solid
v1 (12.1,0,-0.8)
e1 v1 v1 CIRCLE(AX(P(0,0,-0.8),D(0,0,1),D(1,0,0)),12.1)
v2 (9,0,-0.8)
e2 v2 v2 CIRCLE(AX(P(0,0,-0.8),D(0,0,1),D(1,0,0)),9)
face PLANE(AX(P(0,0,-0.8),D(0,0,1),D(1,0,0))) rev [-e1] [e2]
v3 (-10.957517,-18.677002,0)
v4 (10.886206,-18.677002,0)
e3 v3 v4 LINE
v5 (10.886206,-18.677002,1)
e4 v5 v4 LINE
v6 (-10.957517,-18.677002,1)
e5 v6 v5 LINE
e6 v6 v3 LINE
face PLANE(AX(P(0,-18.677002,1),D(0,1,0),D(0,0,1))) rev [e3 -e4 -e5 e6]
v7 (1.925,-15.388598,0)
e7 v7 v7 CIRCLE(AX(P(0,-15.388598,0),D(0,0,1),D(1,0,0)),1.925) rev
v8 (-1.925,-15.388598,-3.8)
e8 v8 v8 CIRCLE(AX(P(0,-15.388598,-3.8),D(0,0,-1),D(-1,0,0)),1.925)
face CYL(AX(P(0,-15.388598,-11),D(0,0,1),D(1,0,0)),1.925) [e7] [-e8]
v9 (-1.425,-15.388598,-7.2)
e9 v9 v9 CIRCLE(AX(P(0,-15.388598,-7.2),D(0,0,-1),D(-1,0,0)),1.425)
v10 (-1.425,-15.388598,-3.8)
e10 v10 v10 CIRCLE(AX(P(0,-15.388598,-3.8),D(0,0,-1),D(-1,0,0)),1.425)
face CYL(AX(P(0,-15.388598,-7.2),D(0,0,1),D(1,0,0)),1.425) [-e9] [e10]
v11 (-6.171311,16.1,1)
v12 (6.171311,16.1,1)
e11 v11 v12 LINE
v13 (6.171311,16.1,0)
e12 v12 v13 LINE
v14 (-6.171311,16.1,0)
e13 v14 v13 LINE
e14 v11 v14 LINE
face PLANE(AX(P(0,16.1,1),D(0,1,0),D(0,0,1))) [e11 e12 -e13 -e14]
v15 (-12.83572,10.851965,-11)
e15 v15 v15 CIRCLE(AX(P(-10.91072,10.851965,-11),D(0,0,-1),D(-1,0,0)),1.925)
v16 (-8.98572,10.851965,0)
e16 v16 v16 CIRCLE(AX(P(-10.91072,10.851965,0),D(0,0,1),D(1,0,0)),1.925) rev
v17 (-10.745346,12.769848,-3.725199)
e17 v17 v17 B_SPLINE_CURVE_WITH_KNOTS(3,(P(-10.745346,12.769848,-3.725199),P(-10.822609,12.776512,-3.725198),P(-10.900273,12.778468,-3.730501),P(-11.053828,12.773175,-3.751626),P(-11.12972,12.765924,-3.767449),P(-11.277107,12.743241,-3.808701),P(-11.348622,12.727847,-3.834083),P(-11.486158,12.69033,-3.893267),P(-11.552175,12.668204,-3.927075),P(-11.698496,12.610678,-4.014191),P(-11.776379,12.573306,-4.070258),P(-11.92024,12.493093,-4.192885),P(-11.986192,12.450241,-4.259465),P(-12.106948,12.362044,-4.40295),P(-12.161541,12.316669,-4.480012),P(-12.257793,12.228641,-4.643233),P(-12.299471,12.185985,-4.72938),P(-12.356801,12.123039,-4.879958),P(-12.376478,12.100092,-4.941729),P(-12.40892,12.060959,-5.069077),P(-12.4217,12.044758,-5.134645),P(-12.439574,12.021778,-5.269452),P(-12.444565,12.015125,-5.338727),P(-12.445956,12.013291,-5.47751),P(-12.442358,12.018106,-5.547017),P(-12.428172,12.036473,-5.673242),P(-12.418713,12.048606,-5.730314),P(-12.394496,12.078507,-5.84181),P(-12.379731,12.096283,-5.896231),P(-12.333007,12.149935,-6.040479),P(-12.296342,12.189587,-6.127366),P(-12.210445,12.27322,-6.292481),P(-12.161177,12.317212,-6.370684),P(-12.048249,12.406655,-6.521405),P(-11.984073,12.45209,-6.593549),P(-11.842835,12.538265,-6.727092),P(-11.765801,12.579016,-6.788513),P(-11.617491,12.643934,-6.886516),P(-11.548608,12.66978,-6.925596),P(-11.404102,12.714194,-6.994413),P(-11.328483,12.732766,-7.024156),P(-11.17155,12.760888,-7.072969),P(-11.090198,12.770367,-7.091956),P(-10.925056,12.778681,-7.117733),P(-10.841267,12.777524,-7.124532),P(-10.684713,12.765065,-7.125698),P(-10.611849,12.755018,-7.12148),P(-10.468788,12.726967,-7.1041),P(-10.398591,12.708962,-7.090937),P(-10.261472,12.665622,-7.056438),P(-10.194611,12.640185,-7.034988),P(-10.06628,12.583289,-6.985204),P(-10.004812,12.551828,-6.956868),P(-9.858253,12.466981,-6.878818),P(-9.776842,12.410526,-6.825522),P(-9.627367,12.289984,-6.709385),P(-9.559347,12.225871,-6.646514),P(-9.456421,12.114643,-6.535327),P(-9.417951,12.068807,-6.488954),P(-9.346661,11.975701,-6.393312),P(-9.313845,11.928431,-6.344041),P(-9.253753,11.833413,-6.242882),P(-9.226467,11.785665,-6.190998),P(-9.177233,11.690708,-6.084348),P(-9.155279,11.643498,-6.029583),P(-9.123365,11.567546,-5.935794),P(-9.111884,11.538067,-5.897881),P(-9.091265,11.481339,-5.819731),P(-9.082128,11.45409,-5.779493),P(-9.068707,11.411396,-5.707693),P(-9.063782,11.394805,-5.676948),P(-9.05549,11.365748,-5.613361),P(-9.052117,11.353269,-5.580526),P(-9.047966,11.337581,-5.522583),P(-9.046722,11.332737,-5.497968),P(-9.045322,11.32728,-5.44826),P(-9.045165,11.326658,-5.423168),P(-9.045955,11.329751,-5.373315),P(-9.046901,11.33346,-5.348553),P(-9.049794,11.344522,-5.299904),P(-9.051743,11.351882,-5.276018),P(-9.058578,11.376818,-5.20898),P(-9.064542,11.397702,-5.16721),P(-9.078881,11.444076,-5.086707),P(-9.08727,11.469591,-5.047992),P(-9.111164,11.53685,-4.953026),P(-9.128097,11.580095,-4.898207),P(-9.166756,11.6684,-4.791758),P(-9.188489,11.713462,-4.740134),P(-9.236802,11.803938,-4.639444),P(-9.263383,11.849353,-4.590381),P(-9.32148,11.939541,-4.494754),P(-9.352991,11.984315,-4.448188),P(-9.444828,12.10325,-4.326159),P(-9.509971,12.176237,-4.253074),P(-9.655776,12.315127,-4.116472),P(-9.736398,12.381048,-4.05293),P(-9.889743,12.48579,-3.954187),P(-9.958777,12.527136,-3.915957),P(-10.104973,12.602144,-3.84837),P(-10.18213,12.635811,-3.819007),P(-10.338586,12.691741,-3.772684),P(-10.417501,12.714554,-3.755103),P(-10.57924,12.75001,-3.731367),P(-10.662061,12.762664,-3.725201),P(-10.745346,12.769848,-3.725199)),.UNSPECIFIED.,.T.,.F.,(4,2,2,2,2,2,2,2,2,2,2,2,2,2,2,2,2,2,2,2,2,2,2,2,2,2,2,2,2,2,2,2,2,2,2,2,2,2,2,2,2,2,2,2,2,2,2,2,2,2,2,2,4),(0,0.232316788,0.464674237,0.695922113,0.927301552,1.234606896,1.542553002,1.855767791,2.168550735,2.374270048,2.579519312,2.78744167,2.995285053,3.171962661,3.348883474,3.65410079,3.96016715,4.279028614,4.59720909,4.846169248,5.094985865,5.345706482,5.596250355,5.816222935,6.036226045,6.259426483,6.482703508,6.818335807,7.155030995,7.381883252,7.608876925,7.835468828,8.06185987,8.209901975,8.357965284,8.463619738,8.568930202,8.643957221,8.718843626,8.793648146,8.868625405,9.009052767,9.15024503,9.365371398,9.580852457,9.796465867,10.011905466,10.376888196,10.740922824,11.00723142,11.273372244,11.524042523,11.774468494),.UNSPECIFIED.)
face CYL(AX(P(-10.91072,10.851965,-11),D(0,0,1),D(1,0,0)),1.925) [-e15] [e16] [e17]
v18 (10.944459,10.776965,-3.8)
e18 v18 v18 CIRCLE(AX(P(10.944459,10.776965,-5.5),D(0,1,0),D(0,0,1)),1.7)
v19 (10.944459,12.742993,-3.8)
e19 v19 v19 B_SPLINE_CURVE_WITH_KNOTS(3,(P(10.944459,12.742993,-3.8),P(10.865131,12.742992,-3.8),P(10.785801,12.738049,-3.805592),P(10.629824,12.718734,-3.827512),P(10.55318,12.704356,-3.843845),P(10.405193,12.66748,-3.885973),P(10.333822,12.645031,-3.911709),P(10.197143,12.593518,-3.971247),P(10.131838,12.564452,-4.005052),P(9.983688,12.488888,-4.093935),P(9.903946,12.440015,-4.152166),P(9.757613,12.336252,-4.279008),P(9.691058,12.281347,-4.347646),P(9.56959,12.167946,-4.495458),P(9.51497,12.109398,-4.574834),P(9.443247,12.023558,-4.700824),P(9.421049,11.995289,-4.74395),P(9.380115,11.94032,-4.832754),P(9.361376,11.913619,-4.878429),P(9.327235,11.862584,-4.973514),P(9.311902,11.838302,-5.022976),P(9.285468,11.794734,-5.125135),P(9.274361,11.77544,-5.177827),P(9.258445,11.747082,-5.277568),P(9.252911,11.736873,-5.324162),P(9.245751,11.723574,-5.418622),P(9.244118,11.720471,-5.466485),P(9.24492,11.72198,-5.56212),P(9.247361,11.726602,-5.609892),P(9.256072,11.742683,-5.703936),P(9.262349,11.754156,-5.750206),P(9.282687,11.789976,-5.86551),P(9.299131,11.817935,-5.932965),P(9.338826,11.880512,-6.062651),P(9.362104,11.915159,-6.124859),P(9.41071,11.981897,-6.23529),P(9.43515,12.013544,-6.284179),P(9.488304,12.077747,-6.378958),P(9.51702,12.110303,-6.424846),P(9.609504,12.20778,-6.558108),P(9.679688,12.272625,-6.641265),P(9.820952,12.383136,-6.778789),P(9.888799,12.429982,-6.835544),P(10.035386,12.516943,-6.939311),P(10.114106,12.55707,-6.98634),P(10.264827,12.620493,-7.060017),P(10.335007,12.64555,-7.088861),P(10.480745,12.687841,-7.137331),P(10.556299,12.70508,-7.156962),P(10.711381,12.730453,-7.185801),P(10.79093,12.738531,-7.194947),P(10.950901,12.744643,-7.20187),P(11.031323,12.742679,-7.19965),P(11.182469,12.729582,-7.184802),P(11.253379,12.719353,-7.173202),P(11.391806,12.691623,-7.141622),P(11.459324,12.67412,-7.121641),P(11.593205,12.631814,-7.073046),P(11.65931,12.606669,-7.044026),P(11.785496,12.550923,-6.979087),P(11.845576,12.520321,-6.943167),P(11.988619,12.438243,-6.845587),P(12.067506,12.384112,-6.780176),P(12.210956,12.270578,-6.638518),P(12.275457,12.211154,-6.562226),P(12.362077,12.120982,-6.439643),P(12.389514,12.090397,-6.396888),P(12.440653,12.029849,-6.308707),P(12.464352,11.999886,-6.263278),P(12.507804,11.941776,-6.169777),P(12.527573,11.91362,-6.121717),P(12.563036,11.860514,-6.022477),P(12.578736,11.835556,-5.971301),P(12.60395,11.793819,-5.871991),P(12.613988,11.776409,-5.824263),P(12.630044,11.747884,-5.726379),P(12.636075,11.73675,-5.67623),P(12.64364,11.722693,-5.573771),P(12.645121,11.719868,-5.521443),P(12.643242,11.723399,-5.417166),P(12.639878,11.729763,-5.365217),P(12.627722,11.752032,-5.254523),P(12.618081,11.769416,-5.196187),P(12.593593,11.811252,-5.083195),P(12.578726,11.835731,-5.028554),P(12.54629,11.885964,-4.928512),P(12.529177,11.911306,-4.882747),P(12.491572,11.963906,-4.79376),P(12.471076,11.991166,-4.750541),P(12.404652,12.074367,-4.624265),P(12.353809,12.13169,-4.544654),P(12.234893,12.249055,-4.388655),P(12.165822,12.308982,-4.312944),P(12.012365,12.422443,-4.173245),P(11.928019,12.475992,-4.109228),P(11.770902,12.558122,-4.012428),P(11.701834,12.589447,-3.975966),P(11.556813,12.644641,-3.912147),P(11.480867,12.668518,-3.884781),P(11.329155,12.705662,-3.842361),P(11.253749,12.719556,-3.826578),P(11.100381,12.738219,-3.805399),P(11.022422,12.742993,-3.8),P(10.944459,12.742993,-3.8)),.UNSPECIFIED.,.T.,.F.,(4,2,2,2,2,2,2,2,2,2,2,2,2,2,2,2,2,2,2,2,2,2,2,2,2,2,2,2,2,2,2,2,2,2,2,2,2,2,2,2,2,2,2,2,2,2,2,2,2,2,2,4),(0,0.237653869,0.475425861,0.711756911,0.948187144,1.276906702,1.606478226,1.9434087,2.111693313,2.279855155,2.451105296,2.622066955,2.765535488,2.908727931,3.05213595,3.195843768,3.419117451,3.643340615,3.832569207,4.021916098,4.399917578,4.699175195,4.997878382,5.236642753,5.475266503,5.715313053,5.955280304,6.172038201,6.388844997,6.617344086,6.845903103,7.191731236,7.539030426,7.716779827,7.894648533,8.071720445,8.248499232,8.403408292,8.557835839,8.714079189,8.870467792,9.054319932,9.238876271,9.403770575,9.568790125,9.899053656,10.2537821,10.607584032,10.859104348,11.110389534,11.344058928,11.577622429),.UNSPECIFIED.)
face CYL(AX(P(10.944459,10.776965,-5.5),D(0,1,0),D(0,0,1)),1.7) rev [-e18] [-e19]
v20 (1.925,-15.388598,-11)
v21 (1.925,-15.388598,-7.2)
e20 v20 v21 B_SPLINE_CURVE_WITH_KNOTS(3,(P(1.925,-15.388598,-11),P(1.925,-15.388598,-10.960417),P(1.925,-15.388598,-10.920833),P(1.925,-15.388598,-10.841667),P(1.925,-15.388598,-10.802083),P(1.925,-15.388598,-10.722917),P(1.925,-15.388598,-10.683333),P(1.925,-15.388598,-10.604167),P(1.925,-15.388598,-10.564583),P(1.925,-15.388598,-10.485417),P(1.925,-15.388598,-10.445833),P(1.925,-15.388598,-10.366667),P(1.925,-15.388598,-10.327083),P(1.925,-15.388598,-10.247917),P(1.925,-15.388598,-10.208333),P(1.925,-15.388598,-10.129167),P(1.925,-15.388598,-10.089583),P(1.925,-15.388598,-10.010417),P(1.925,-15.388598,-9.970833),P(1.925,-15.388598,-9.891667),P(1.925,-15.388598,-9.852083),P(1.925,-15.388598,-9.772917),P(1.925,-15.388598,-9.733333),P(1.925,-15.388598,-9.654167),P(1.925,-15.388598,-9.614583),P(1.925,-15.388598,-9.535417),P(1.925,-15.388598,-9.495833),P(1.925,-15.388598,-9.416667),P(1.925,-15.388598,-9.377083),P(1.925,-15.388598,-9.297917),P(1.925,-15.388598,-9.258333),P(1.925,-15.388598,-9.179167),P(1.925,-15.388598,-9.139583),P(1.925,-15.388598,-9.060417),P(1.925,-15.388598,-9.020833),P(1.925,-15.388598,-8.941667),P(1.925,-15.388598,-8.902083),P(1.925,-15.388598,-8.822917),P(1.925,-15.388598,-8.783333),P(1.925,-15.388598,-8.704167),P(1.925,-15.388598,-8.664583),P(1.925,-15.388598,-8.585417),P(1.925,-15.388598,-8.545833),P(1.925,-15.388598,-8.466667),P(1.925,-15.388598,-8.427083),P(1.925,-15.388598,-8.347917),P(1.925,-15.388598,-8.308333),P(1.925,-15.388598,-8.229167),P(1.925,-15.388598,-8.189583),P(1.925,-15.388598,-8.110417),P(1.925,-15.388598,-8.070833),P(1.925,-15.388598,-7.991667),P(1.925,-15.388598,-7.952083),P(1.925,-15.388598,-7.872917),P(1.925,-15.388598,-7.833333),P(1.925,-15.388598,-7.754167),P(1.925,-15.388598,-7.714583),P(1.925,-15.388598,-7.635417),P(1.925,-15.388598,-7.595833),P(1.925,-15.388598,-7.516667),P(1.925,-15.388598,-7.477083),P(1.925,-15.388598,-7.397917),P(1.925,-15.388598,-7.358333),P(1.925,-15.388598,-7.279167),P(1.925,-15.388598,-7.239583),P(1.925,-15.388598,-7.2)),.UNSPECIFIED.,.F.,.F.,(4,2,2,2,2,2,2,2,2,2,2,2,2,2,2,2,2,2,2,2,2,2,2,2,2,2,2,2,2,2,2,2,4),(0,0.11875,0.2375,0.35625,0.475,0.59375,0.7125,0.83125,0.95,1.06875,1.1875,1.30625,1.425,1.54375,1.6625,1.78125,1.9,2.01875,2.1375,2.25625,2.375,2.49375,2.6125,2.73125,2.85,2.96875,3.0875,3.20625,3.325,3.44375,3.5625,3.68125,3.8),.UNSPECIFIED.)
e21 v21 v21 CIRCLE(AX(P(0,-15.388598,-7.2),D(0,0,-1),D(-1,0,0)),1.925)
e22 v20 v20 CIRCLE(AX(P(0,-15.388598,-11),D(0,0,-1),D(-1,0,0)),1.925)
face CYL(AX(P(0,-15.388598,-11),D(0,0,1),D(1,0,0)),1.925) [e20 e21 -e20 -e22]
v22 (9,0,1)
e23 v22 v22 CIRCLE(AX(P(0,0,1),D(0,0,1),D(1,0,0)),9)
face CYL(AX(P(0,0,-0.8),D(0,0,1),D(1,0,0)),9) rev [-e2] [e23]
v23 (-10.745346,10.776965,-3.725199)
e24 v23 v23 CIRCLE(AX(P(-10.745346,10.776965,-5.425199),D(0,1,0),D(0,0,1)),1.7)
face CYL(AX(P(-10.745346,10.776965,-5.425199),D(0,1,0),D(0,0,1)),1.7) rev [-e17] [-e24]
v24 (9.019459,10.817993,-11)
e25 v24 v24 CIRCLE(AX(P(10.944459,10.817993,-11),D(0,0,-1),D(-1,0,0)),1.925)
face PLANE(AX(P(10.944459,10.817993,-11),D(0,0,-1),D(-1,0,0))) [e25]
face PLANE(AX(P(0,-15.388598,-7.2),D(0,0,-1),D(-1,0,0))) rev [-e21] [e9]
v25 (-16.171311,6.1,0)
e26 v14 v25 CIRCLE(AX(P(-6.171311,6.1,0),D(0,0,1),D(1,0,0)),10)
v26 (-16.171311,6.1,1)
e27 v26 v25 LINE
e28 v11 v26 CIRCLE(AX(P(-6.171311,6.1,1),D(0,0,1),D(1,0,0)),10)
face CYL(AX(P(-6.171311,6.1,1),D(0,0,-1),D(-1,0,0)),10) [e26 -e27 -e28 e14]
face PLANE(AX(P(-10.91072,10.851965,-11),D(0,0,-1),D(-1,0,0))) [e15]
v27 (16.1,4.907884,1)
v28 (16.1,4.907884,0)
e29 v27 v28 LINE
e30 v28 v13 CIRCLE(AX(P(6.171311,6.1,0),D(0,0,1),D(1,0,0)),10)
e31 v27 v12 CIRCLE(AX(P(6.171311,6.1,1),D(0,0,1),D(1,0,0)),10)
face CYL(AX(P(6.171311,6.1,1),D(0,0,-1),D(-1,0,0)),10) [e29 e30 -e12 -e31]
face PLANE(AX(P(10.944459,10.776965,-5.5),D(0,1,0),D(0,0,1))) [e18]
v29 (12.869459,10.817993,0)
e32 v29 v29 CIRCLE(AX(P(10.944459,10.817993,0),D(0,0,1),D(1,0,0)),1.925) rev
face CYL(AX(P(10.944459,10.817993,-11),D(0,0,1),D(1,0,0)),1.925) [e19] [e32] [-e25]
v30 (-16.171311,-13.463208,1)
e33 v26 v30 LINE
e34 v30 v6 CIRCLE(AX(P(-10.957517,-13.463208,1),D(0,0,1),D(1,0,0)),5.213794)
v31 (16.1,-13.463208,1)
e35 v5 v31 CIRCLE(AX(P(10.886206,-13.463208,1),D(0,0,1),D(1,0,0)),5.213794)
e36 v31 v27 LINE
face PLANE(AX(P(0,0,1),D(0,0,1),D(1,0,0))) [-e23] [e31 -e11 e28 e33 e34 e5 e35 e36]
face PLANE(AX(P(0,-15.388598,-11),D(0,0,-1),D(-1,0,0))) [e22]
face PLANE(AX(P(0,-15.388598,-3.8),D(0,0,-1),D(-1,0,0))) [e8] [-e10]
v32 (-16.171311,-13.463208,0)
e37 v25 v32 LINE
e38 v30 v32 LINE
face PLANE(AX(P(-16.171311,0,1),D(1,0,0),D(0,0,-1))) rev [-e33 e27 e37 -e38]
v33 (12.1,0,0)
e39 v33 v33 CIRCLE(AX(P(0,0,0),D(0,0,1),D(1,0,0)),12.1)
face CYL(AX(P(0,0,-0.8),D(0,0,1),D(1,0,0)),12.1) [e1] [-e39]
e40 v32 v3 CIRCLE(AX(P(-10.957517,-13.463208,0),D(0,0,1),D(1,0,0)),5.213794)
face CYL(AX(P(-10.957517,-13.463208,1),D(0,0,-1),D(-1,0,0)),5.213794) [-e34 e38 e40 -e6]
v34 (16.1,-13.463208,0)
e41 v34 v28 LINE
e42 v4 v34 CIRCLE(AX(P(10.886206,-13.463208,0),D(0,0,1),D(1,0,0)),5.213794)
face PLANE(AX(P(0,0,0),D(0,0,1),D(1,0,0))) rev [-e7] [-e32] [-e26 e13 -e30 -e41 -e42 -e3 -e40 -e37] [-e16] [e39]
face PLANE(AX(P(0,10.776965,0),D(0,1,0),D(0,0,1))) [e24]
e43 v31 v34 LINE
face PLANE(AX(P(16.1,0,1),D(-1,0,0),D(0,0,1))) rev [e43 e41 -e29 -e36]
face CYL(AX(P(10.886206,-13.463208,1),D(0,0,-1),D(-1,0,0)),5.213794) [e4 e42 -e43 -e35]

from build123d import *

# Parameters (mm, degrees)
SCHIZZO1_R                   = 12.1
ESTRUSIONE_ESTRUSIONE1_DEPTH = 1
ESTRUSIONE_ESTRUSIONE2_START = -1.8
SCHIZZO2_R                   = 12.1
SCHIZZO2_R_2                 = 9
ESTRUSIONE_ESTRUSIONE2_DEPTH = 1.8
SCHIZZO3_R                   = 1.925
ESTRUSIONE_ESTRUSIONE3_DEPTH = 11
SCHIZZO4_R                   = 1.7
TAGLIO_ESTRUSIONE1_DEPTH     = 2
TAGLIO_ESTRUSIONE2_START     = -7.2
SCHIZZO5_R                   = 1.925
TAGLIO_ESTRUSIONE2_DEPTH     = 7.2
SCHIZZO6_R                   = 1.425
ESTRUSIONE_ESTRUSIONE4_DEPTH = 3.4
SCHIZZO7_R                   = 1.925
ESTRUSIONE_ESTRUSIONE5_DEPTH = 3.8


with BuildPart() as part:
    # Schizzo1 → Estrusione-Estrusione1 (new body)
    with BuildSketch(Plane.XY):
        with BuildLine():
            Line((-6.171311325, 16.1), (6.171311325, 16.1))
            ThreePointArc((6.171311325, 16.1), (13.651991863, 12.73622021), (16.1, 4.907883736))
            Line((16.1, 4.907883736), (16.1, -13.463208293))
            ThreePointArc((16.1, -13.463208293), (14.572915114, -17.149917336), (10.886206072, -18.677002221))
            Line((10.886206072, -18.677002221), (-10.957517396, -18.677002221))
            ThreePointArc((-10.957517396, -18.677002221), (-14.644226439, -17.149917336), (-16.171311325, -13.463208293))
            Line((-16.171311325, -13.463208293), (-16.171311325, 6.1))
            ThreePointArc((-16.171311325, 6.1), (-13.242379137, 13.171067812), (-6.171311325, 16.1))
        make_face()
        Circle(SCHIZZO1_R, mode=Mode.SUBTRACT)
    extrude(amount=ESTRUSIONE_ESTRUSIONE1_DEPTH)

    # Schizzo2 → Estrusione-Estrusione2 (add)
    with BuildSketch(Plane.XY.offset(1).offset(ESTRUSIONE_ESTRUSIONE2_START)):
        Circle(SCHIZZO2_R)
        Circle(SCHIZZO2_R_2, mode=Mode.SUBTRACT)
    extrude(amount=ESTRUSIONE_ESTRUSIONE2_DEPTH)

    # Schizzo3 → Estrusione-Estrusione3 (add)
    with BuildSketch(Plane(origin=(0, 0, 0), x_dir=(-1, 0, 0), z_dir=(0, 0, -1))):
        with Locations(Location((-10.944459062, 10.817992606, 0), (0, 0, 180))):
            Circle(SCHIZZO3_R)
        with Locations(Location((10.910719744, 10.851964601, 0), (0, 0, 180))):
            Circle(SCHIZZO3_R)
        with Locations(Location((0, -15.38859776, 0), (0, 0, 180))):
            Circle(SCHIZZO3_R)
    extrude(amount=ESTRUSIONE_ESTRUSIONE3_DEPTH)

    # Schizzo4 → Taglio-Estrusione1 (cut)
    with BuildSketch(Plane(origin=(0, 12.776964601, 0), x_dir=(1, 0, 0), z_dir=(0, 1, 0))):
        with BuildLine():
            ThreePointArc((-9.045346347, 5.425199137), (-9.603228747, 6.684392286), (-10.910719744, 7.117136381))
            Line((-10.910719744, 7.117136381), (-10.910719744, 3.733261892))
            ThreePointArc((-10.910719744, 3.733261892), (-9.603228747, 4.166005987), (-9.045346347, 5.425199137))
        make_face()
        with BuildLine():
            Line((-10.910719744, 3.733261892), (-10.910719744, 7.117136381))
            ThreePointArc((-10.910719744, 7.117136381), (-12.445346347, 5.425199137), (-10.910719744, 3.733261892))
        make_face()
        with Locations(Location((10.944459062, 5.5, 0), (0, 0, 270))):
            Circle(SCHIZZO4_R)
    extrude(amount=-TAGLIO_ESTRUSIONE1_DEPTH, mode=Mode.SUBTRACT)

    # Schizzo5 → Taglio-Estrusione2 (cut)
    with BuildSketch(Plane(origin=(0, 0, -11), x_dir=(-1, 0, 0), z_dir=(0, 0, -1)).offset(TAGLIO_ESTRUSIONE2_START)):
        with Locations(Location((0, -15.38859776, 0), (0, 0, 180))):
            Circle(SCHIZZO5_R)
    extrude(amount=TAGLIO_ESTRUSIONE2_DEPTH, mode=Mode.SUBTRACT)

    # Schizzo6 → Estrusione-Estrusione4 (add)
    with BuildSketch(Plane(origin=(0, 0, -3.8), x_dir=(-1, 0, 0), z_dir=(0, 0, -1))):
        with Locations((0, -15.38859776)):
            Circle(SCHIZZO6_R)
    extrude(amount=ESTRUSIONE_ESTRUSIONE4_DEPTH)

    # Schizzo7 → Estrusione-Estrusione5 (add)
    with BuildSketch(Plane(origin=(0, 0, -7.2), x_dir=(-1, 0, 0), z_dir=(0, 0, -1))):
        with Locations(Location((0, -15.38859776, 0), (0, 0, 180))):
            Circle(SCHIZZO7_R)
    extrude(amount=ESTRUSIONE_ESTRUSIONE5_DEPTH)


solid = part.part
